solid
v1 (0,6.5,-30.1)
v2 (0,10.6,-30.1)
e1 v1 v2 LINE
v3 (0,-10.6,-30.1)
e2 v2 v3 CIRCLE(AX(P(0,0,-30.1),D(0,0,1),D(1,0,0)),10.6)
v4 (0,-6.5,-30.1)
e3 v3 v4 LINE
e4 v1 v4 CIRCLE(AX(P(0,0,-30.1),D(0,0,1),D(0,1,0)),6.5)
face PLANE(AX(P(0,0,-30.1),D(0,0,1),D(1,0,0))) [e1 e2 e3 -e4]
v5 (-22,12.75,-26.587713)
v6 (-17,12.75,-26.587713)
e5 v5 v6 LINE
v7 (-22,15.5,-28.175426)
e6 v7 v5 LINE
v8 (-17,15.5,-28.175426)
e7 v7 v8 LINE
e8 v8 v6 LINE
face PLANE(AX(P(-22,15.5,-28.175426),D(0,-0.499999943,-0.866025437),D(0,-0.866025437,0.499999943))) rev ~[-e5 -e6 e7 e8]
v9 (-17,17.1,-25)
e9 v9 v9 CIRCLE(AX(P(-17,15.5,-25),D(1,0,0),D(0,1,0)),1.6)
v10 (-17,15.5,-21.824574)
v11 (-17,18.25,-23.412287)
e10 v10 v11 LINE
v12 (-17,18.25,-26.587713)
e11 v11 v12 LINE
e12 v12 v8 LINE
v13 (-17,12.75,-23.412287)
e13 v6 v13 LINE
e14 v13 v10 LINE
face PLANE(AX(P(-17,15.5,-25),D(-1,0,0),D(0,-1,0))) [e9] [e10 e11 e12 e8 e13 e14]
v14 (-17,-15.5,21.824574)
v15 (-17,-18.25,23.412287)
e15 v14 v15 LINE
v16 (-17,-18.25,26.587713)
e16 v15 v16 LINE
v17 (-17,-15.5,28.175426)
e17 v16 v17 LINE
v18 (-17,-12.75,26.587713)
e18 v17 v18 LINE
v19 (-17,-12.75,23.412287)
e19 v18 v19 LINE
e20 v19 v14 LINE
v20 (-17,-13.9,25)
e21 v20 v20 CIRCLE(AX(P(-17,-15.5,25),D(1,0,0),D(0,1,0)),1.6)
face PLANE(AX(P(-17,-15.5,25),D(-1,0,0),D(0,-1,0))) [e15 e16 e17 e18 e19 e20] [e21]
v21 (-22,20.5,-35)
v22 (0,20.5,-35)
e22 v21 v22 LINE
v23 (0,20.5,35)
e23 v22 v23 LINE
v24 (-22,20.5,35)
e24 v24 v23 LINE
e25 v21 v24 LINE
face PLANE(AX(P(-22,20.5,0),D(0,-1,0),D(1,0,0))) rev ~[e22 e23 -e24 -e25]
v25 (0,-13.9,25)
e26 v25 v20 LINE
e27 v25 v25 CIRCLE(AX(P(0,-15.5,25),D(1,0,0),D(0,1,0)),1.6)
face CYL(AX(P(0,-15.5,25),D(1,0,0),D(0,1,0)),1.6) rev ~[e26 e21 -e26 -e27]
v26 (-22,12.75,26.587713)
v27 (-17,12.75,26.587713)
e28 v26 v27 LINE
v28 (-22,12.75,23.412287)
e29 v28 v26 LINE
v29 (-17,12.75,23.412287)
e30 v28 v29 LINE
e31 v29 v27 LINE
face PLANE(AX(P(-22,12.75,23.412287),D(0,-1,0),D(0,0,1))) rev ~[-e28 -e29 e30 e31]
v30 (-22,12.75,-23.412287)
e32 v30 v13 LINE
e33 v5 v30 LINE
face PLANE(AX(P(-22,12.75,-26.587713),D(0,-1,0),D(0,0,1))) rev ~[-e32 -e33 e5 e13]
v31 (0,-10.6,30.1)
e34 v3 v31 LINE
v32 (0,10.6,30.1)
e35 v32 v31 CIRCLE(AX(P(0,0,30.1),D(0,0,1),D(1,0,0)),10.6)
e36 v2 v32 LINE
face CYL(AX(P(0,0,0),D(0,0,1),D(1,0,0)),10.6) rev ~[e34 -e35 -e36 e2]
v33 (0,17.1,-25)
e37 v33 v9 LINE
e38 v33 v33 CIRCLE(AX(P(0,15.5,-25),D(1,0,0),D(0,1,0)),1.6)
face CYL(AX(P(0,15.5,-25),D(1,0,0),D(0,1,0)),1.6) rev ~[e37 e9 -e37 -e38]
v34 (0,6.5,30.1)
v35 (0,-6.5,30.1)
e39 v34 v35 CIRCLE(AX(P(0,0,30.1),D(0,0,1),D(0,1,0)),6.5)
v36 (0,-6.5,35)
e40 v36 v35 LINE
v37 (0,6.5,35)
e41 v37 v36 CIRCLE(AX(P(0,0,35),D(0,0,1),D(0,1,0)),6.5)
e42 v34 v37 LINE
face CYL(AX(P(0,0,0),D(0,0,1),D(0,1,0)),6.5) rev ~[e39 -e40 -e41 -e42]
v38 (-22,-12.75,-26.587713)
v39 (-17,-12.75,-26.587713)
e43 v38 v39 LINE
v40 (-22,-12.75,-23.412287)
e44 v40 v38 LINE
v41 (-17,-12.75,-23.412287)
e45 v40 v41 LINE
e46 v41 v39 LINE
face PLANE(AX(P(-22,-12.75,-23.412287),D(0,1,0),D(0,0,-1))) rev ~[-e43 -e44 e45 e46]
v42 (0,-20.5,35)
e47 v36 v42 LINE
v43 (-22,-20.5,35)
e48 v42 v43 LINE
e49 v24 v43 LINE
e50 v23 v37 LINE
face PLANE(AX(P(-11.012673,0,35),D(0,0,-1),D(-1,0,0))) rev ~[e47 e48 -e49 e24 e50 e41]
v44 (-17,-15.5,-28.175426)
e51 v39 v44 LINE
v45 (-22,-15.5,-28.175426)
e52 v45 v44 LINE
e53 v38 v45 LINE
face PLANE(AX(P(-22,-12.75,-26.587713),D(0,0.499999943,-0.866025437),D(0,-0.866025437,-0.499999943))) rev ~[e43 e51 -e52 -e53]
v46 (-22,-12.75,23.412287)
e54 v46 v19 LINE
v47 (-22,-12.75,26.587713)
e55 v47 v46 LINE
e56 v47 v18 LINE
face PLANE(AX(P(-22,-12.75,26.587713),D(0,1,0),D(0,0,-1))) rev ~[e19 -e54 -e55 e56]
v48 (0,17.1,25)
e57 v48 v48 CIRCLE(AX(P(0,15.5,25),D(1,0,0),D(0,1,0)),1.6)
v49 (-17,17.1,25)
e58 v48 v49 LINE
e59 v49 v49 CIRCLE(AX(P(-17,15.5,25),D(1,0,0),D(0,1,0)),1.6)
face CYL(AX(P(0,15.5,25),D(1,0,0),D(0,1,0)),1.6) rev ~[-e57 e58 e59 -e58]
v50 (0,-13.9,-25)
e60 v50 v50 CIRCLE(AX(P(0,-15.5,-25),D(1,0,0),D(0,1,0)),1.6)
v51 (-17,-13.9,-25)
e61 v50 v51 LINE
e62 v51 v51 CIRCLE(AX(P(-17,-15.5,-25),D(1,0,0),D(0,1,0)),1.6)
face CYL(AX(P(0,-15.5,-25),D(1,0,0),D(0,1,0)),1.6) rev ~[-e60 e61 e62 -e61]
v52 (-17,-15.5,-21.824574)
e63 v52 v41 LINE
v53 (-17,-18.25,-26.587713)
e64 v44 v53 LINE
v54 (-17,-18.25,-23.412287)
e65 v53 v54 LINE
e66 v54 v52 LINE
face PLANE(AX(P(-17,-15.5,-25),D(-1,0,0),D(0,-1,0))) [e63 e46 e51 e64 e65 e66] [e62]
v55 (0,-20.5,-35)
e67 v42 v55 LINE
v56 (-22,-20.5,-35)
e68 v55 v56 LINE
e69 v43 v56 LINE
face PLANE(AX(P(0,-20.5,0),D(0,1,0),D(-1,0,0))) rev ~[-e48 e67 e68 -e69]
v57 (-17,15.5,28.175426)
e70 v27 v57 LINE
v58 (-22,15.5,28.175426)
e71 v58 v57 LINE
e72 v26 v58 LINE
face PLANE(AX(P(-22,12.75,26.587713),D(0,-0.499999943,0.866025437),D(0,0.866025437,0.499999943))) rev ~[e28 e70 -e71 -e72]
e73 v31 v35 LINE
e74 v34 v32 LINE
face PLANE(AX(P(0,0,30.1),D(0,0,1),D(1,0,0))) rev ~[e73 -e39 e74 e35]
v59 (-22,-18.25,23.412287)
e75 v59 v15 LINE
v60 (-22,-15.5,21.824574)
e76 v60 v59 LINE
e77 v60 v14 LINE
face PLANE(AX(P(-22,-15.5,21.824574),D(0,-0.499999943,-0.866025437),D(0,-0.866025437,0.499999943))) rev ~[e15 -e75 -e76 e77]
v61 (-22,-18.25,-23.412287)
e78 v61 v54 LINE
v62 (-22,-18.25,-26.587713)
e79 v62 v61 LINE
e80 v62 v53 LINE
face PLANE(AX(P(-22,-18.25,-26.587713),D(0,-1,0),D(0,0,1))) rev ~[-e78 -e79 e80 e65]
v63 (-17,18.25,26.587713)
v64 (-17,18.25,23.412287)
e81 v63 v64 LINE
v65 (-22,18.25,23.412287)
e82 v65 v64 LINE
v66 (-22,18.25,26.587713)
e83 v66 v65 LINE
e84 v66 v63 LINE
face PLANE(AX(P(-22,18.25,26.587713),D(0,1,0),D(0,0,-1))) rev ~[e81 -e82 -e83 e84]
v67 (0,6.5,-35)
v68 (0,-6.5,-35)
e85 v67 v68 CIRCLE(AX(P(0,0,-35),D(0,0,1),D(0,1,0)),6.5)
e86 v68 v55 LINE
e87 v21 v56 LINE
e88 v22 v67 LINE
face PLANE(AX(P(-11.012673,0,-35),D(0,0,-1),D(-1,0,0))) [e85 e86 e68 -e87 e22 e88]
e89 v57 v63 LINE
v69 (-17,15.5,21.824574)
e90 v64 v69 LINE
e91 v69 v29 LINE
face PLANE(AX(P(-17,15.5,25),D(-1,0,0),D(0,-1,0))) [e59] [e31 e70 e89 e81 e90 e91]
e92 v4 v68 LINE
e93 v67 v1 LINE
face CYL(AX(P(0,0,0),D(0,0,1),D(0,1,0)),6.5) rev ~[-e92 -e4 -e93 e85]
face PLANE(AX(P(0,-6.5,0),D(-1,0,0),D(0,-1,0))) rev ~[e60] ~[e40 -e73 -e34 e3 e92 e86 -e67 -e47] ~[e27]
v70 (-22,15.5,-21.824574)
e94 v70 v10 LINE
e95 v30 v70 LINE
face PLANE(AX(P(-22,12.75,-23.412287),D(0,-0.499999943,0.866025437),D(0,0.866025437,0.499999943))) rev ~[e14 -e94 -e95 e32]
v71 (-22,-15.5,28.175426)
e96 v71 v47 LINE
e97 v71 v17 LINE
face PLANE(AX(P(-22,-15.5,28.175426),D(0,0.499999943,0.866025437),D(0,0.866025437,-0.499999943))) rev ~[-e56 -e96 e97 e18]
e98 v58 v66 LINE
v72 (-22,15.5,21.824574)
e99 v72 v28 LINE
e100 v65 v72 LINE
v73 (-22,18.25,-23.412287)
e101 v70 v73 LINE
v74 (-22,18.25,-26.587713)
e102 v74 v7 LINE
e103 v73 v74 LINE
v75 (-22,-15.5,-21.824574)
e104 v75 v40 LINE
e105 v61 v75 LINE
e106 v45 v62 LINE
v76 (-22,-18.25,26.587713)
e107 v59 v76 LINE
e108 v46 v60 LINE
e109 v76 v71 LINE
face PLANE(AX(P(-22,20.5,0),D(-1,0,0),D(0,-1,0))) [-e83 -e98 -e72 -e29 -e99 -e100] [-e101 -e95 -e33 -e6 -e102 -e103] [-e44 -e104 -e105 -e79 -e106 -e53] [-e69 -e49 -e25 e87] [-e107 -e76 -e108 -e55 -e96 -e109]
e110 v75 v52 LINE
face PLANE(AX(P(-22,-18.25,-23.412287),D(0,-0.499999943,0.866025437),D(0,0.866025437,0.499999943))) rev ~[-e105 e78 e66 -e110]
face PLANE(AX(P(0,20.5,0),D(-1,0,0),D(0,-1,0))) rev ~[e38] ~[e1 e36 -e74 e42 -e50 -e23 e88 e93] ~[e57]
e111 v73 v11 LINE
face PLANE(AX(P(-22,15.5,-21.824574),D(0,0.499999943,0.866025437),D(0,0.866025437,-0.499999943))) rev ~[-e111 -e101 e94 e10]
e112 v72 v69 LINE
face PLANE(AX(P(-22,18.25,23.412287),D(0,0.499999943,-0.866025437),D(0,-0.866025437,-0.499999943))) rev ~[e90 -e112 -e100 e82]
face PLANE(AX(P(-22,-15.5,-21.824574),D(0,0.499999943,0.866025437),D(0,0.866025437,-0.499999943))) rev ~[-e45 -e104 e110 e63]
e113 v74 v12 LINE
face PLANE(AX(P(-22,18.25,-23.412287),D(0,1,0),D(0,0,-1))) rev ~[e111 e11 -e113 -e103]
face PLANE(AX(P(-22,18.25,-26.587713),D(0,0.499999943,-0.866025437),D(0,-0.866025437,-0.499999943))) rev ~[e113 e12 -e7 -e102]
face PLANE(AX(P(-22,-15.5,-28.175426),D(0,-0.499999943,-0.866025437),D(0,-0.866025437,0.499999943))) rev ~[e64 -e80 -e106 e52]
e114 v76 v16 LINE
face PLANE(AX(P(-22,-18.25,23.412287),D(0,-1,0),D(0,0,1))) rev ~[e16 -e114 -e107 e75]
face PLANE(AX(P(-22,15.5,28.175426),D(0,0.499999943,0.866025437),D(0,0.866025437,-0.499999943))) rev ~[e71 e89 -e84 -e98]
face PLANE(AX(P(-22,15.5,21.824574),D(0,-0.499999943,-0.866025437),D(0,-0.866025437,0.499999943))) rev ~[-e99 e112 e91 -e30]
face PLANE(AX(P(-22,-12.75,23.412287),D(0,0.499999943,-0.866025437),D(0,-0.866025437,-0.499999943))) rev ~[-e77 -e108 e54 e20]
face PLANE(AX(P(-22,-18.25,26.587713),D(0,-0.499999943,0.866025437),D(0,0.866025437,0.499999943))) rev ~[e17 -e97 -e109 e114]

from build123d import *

# Parameters (mm, degrees)
PAD_DEPTH       = 35
SKETCH001_R     = 10.6
POCKET_DEPTH    = 30.1
SKETCH002_R     = 1.6
POCKET001_DEPTH = 22.001
POCKET002_DEPTH = 5


with BuildPart() as part:
    # Sketch → Pad (new body, symmetric)
    with BuildSketch(Plane.XY):
        with BuildLine():
            ThreePointArc((0, 6.5), (-6.5, 0), (0, -6.5))
            Line((0, -6.5), (0, -20.5))
            Line((0, -20.5), (-22, -20.5))
            Line((-22, 20.5), (-22, -20.5))
            Line((-22, 20.5), (0, 20.5))
            Line((0, 20.5), (0, 6.5))
        make_face()
    extrude(amount=PAD_DEPTH, both=True)

    # Sketch001 → Pocket (cut, symmetric)
    with BuildSketch(Plane.XY):
        Circle(SKETCH001_R)
    extrude(amount=POCKET_DEPTH, both=True, mode=Mode.SUBTRACT)

    # Sketch002 → Pocket001 (cut, through all)
    with BuildSketch(Plane.YZ):
        with Locations((-15.5, 25)):
            Circle(SKETCH002_R)
        with Locations((-15.5, -25)):
            Circle(SKETCH002_R)
        with Locations((15.5, 25)):
            Circle(SKETCH002_R)
        with Locations((15.5, -25)):
            Circle(SKETCH002_R)
    extrude(amount=-POCKET001_DEPTH, mode=Mode.SUBTRACT)

    # Sketch003 (on Face2 of Pocket001) → Pocket002 (cut)
    with BuildSketch(Plane(origin=(-22, 0, 0), x_dir=(0, -1, 0), z_dir=(-1, 0, 0))):
        Polygon((-12.75, 23.412287), (-12.75, 26.587713), (-15.5, 28.175426), (-18.25, 26.587713), (-18.25, 23.412287), (-15.5, 21.824574), align=None)
        Polygon((12.75, 26.587713), (12.75, 23.412287), (15.5, 21.824574), (18.25, 23.412287), (18.25, 26.587713), (15.5, 28.175426), align=None)
        Polygon((-18.25, -23.412287), (-18.25, -26.587713), (-15.5, -28.175426), (-12.75, -26.587713), (-12.75, -23.412287), (-15.5, -21.824574), align=None)
        Polygon((12.75, -23.412287), (12.75, -26.587713), (15.5, -28.175426), (18.25, -26.587713), (18.25, -23.412287), (15.5, -21.824574), align=None)
    extrude(amount=-POCKET002_DEPTH, mode=Mode.SUBTRACT)


solid = part.part
